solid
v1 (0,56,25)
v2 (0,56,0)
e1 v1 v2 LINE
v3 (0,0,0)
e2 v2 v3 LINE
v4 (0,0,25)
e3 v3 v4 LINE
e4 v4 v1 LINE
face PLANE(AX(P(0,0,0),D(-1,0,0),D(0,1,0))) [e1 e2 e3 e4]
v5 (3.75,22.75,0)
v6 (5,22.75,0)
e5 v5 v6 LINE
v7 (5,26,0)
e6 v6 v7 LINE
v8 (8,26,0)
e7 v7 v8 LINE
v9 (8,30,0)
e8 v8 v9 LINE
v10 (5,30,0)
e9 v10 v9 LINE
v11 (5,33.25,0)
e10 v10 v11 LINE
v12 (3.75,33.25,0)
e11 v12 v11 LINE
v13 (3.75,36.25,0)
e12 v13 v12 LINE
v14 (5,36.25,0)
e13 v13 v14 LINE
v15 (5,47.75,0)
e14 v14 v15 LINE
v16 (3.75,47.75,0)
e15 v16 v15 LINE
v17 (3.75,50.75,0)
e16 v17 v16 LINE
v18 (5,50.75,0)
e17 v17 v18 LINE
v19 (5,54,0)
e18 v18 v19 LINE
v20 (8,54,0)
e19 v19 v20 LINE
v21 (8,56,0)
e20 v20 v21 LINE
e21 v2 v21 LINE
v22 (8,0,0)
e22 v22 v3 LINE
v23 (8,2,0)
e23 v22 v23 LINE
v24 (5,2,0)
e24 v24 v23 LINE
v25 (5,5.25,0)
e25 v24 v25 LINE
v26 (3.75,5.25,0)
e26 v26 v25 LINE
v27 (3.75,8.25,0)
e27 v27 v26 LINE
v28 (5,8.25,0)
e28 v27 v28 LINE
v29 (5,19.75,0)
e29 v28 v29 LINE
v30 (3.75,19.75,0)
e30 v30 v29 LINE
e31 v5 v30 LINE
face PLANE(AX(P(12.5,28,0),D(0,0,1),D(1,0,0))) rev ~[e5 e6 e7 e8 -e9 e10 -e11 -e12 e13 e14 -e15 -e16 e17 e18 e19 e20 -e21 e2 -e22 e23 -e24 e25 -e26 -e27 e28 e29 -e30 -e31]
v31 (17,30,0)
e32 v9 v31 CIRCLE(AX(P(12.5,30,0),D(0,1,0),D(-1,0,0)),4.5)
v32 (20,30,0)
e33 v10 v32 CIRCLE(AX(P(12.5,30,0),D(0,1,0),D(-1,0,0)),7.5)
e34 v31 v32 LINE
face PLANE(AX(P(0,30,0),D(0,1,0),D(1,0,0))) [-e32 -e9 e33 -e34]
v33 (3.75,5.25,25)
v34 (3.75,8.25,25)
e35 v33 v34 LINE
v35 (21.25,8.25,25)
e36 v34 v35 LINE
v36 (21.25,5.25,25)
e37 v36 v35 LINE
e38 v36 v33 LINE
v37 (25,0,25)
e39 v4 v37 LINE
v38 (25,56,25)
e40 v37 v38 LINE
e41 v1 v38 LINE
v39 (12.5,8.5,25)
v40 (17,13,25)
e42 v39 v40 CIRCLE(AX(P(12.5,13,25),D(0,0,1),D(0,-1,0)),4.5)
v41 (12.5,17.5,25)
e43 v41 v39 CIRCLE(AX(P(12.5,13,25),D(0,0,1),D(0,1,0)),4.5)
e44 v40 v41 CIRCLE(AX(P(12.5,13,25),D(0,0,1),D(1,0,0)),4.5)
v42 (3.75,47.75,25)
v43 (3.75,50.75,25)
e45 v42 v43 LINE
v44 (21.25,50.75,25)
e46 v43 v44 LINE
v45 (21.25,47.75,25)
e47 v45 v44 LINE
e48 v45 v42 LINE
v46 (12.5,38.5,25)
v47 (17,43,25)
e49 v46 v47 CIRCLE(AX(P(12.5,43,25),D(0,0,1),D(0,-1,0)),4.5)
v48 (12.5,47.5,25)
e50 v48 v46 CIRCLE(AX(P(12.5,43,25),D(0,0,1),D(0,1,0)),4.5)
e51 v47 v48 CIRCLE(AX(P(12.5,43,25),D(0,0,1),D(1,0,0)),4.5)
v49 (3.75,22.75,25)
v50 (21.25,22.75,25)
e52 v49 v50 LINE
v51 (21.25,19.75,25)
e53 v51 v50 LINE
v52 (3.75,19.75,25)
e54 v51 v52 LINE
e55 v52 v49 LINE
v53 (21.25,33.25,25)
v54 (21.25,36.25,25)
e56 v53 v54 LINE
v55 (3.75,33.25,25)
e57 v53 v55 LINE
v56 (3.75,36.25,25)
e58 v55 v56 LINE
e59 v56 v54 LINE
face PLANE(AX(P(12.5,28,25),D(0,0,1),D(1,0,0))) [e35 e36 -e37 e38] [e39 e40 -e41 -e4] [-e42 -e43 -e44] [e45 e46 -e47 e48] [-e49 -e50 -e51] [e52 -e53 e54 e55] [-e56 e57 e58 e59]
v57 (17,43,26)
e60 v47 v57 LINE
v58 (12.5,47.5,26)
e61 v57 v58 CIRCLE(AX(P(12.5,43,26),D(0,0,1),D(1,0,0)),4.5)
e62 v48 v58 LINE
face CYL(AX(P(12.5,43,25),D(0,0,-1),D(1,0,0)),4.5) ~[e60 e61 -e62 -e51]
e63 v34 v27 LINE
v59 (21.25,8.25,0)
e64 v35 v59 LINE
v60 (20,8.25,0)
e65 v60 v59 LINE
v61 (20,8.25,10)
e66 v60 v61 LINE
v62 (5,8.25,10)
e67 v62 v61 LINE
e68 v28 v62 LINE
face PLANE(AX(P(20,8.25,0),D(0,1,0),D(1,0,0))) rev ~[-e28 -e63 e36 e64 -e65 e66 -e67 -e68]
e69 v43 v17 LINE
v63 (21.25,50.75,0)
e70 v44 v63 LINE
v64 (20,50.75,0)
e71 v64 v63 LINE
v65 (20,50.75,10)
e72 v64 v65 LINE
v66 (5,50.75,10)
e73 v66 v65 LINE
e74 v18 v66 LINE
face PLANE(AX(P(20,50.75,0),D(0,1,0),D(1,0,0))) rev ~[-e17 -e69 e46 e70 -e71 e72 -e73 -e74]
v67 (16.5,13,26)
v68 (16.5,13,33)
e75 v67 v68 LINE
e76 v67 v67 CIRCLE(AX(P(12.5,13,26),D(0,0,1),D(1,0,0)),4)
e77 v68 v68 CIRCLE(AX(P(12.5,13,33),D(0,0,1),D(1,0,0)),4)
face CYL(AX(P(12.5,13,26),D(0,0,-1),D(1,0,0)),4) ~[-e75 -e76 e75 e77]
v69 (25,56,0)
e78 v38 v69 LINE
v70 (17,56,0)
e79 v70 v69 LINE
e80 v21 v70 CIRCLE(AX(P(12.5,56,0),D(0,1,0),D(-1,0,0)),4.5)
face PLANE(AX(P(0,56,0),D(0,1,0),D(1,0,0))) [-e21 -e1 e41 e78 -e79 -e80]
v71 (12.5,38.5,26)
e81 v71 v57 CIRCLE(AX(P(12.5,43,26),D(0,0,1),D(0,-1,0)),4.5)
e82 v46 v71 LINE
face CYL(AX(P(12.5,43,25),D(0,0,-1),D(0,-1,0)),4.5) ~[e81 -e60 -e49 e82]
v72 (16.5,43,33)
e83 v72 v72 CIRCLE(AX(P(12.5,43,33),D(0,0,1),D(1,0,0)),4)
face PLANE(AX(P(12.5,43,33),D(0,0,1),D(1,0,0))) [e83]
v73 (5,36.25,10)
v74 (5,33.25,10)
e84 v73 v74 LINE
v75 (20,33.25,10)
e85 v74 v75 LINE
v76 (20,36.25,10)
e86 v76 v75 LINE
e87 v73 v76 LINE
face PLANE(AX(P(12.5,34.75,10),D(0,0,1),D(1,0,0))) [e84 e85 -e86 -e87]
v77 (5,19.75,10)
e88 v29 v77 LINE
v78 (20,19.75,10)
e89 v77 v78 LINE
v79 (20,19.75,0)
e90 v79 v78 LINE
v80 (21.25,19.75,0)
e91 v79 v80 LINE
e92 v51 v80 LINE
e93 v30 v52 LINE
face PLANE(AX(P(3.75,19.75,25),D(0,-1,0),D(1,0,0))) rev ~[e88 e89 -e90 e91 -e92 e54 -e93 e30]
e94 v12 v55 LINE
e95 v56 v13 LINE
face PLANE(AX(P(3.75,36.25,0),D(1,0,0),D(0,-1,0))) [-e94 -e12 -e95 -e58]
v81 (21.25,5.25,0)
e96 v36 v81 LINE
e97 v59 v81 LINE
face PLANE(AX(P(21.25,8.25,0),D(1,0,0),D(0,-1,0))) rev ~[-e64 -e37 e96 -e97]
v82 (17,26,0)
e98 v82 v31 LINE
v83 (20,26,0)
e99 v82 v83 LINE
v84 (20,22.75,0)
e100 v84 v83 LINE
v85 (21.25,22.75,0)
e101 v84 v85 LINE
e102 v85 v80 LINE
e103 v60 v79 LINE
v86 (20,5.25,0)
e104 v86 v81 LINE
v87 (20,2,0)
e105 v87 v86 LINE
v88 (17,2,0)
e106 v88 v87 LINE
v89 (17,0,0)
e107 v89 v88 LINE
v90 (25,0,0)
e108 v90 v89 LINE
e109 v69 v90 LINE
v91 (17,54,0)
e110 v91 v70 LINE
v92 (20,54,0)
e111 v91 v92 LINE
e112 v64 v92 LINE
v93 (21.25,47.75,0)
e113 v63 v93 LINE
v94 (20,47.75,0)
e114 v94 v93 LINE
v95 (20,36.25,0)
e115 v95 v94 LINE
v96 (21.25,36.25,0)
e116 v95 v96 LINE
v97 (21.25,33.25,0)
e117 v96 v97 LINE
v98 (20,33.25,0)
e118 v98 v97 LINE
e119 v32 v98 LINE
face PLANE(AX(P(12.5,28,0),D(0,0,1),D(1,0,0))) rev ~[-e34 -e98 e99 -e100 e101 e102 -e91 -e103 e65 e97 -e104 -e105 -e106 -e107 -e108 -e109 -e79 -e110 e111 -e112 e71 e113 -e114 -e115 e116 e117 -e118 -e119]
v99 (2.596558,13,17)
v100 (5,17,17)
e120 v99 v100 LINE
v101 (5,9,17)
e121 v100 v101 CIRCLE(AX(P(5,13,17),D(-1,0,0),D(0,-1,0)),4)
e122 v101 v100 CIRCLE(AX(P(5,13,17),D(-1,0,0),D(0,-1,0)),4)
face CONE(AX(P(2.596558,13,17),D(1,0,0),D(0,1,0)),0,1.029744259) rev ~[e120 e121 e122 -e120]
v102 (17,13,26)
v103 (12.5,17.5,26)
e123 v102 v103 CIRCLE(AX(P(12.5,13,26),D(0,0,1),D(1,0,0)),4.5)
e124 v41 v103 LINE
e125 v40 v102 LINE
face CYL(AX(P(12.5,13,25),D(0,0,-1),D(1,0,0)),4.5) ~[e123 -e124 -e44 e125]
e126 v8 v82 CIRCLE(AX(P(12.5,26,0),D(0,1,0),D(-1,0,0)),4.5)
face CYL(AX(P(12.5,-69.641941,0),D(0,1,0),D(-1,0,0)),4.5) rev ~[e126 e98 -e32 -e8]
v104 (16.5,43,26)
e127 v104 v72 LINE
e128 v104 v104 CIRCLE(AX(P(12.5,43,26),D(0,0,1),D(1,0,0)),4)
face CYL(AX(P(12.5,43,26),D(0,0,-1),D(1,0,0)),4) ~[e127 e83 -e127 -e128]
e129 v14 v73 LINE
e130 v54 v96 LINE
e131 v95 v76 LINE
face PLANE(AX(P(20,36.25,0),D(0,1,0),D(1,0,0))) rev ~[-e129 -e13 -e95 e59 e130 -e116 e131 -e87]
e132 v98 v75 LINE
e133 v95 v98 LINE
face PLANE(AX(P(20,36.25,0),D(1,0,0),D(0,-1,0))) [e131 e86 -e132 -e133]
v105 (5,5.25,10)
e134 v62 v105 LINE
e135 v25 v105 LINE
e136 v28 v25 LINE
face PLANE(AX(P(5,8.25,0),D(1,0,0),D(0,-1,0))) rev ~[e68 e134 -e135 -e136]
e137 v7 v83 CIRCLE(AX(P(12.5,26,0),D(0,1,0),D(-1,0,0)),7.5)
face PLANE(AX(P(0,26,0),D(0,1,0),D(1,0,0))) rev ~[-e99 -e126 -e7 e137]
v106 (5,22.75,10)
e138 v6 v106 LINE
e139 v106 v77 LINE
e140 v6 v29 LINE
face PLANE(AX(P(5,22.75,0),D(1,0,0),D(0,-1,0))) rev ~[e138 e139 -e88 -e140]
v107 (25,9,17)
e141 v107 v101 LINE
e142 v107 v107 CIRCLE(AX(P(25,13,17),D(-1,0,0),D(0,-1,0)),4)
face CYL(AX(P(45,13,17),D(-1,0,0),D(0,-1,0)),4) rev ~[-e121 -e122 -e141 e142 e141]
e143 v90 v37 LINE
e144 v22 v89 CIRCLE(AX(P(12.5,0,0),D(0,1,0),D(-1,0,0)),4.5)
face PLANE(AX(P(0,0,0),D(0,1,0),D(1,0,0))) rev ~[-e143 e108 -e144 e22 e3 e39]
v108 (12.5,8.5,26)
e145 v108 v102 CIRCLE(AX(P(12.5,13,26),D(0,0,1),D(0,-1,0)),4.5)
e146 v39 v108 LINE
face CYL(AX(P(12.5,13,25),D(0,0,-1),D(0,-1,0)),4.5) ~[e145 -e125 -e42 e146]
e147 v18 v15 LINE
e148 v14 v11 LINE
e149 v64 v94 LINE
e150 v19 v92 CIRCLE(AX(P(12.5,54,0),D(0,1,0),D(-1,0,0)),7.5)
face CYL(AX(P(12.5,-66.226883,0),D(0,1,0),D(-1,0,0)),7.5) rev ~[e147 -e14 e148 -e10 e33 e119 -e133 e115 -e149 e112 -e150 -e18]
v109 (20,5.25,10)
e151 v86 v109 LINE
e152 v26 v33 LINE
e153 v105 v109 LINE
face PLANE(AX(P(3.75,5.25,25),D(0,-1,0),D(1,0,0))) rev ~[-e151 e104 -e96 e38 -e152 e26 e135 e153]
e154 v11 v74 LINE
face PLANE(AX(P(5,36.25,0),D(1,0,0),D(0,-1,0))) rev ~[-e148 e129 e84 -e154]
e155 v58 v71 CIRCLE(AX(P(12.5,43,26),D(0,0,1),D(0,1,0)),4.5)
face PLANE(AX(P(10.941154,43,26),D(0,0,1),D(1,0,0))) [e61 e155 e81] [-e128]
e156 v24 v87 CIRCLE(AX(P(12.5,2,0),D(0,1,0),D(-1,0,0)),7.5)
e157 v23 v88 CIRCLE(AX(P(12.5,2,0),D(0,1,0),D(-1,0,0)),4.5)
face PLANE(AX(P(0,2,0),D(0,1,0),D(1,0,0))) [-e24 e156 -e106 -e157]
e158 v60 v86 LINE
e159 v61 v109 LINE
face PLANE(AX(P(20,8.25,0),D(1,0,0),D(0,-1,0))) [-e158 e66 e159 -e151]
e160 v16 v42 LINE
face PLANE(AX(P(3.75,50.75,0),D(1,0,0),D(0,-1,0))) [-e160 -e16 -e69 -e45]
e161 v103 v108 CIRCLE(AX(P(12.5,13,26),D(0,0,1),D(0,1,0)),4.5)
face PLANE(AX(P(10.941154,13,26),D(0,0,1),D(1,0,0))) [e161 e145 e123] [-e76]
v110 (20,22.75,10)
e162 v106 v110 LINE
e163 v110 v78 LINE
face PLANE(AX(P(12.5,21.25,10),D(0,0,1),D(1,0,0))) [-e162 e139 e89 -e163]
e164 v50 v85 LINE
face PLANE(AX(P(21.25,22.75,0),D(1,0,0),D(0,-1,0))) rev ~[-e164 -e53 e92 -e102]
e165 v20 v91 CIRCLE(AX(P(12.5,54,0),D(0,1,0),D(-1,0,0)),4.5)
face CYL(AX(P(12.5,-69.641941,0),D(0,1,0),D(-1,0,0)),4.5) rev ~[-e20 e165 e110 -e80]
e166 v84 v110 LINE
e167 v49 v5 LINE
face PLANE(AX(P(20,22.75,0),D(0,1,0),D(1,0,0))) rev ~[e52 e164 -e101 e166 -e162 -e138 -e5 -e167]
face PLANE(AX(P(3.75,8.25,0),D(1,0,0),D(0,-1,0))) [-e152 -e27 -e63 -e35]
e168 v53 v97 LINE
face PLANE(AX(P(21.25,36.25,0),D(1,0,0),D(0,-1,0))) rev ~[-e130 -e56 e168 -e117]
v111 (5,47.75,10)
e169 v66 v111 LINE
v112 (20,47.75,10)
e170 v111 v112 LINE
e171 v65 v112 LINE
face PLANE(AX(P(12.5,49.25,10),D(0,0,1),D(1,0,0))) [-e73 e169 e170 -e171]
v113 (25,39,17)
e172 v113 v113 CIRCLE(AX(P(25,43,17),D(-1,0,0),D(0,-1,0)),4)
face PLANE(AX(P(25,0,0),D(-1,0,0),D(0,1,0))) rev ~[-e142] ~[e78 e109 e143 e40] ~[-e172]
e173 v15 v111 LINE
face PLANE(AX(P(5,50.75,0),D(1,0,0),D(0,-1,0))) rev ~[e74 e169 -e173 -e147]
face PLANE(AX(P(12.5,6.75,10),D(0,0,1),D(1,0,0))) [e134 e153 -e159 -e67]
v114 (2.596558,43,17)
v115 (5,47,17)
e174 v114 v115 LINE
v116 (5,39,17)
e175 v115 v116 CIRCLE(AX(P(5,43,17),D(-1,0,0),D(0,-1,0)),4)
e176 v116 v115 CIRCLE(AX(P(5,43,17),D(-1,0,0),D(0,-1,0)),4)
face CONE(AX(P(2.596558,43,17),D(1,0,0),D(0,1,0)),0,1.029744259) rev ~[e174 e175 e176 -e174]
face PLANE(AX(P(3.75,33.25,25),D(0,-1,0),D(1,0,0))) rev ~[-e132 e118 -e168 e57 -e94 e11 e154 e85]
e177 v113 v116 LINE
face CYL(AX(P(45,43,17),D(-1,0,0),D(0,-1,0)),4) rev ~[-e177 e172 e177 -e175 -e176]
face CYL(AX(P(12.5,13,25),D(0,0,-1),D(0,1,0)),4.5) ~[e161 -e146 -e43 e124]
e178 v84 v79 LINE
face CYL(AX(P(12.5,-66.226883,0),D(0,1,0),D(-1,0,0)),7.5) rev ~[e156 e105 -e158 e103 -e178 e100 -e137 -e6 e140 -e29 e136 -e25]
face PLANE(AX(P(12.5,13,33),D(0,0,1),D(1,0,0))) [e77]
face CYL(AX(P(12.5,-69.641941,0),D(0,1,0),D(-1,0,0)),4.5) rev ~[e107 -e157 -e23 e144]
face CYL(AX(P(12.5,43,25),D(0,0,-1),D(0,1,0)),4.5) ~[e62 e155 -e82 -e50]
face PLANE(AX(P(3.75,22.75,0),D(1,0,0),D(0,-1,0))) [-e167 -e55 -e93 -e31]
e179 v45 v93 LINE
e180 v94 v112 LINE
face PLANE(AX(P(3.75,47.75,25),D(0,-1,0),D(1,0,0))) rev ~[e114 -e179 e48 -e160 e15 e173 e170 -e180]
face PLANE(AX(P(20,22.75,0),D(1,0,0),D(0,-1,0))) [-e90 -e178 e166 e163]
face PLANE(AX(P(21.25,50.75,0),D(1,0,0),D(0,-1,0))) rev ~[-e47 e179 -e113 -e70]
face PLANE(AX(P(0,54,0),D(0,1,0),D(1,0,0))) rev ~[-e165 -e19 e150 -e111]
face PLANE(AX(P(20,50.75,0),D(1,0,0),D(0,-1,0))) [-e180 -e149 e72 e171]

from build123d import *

# Parameters (mm, degrees)
F0_W      = 25
F0_H      = 56
F1_DEPTH  = 25
F4_D      = 15
F5_D      = 8
F5_DEPTH  = 20
F5_TIP    = 2.4034424761
F7_DEPTH  = 1
F8_W      = 25
F8_H      = 2
F9_DEPTH  = 8
F10_W     = 1.25
F10_H     = 3
F11_DEPTH = 26.001
F12_W     = 17.5
F12_H     = 3
F13_DEPTH = 15
F14_R     = 4
F15_R     = 4
F16_DEPTH = 7
F18_D     = 9


with BuildPart() as f1:
    # F0 (on Top) → F1 (new body)
    with BuildSketch(Plane.XY):
        with Locations((12.5, 28)):
            Rectangle(F0_W, F0_H)
    extrude(amount=F1_DEPTH)

    # F4 (through all)
    with Locations(Plane.XZ):
        with Locations((12.5, 0)):
            Hole(F4_D / 2)

    # F5
    with Locations(Plane.YZ.offset(25)):
        with Locations((13, 17), (43, 17)):
            Hole(F5_D / 2, depth=F5_DEPTH)
            with Locations((0, 0, -(F5_DEPTH + F5_TIP / 2))):  # 118° drill point
                Cone(0, F5_D / 2, F5_TIP, mode=Mode.SUBTRACT)

    # F6 (on face) → F7 (join)
    with BuildSketch(Plane.XY.offset(25)):
        with BuildLine():
            ThreePointArc((12.5, 17.5), (8, 13), (12.5, 8.5))
            Line((12.5, 8.5), (12.5, 17.5))
        make_face()
        with BuildLine():
            ThreePointArc((12.5, 47.5), (8, 43), (12.5, 38.5))
            Line((12.5, 38.5), (12.5, 47.5))
        make_face()
        with BuildLine():
            Line((12.5, 47.5), (12.5, 38.5))
            ThreePointArc((12.5, 38.5), (15.6819805153, 39.8180194847), (17, 43))
            ThreePointArc((17, 43), (15.6819805153, 46.1819805153), (12.5, 47.5))
        make_face()
        with BuildLine():
            Line((12.5, 17.5), (12.5, 8.5))
            ThreePointArc((12.5, 8.5), (15.6819805153, 9.8180194847), (17, 13))
            ThreePointArc((17, 13), (15.6819805153, 16.1819805153), (12.5, 17.5))
        make_face()
    extrude(amount=F7_DEPTH)

    # F8 (on face) → F9 (join)
    with BuildSketch(Plane(origin=(0, 0, 0), x_dir=(1, 0, 0), z_dir=(0, 0, -1))):
        with Locations((12.5, -1)):
            Rectangle(F8_W, F8_H)
        with Locations((12.5, -27)):
            Rectangle(F8_W, F8_H)
        with Locations((12.5, -29)):
            Rectangle(F8_W, F8_H)
        with Locations((12.5, -55)):
            Rectangle(F8_W, F8_H)
    extrude(amount=-F9_DEPTH)

    # F10 (on face) → F11 (cut, through all)
    with BuildSketch(Plane(origin=(0, 0, 0), x_dir=(1, 0, 0), z_dir=(0, 0, -1))):
        with Locations((4.375, -6.75)):
            Rectangle(F10_W, F10_H)
        with Locations((20.625, -6.75)):
            Rectangle(F10_W, F10_H)
        with Locations((4.375, -21.25)):
            Rectangle(F10_W, F10_H)
        with Locations((20.625, -21.25)):
            Rectangle(F10_W, F10_H)
        with Locations((20.625, -49.25)):
            Rectangle(F10_W, F10_H)
        with Locations((4.375, -49.25)):
            Rectangle(F10_W, F10_H)
        with Locations((20.625, -34.75)):
            Rectangle(F10_W, F10_H)
        with Locations((4.375, -34.75)):
            Rectangle(F10_W, F10_H)
    extrude(amount=-F11_DEPTH, mode=Mode.SUBTRACT)

    # F12 (on face) → F13 (cut)
    with BuildSketch(Plane.XY.offset(25)):
        with Locations((12.5, 6.75)):
            Rectangle(F12_W, F12_H)
        with Locations((12.5, 21.25)):
            Rectangle(F12_W, F12_H)
        with Locations((12.5, 34.75)):
            Rectangle(F12_W, F12_H)
        with Locations((12.5, 49.25)):
            Rectangle(F12_W, F12_H)
    extrude(amount=-F13_DEPTH, mode=Mode.SUBTRACT)

    # F14 (on face) + F15 (on face) → F16 (join)
    with BuildSketch(Plane.XY.offset(26)):
        with Locations((12.5, 43)):
            Circle(F14_R)
    with BuildSketch(Plane.XY.offset(26)):
        with Locations((12.5, 13)):
            Circle(F15_R)
    extrude(amount=F16_DEPTH)

    # F18 (through all)
    with Locations(Plane.XZ):
        with Locations((12.5, 0)):
            Hole(F18_D / 2)


solid = f1.part
